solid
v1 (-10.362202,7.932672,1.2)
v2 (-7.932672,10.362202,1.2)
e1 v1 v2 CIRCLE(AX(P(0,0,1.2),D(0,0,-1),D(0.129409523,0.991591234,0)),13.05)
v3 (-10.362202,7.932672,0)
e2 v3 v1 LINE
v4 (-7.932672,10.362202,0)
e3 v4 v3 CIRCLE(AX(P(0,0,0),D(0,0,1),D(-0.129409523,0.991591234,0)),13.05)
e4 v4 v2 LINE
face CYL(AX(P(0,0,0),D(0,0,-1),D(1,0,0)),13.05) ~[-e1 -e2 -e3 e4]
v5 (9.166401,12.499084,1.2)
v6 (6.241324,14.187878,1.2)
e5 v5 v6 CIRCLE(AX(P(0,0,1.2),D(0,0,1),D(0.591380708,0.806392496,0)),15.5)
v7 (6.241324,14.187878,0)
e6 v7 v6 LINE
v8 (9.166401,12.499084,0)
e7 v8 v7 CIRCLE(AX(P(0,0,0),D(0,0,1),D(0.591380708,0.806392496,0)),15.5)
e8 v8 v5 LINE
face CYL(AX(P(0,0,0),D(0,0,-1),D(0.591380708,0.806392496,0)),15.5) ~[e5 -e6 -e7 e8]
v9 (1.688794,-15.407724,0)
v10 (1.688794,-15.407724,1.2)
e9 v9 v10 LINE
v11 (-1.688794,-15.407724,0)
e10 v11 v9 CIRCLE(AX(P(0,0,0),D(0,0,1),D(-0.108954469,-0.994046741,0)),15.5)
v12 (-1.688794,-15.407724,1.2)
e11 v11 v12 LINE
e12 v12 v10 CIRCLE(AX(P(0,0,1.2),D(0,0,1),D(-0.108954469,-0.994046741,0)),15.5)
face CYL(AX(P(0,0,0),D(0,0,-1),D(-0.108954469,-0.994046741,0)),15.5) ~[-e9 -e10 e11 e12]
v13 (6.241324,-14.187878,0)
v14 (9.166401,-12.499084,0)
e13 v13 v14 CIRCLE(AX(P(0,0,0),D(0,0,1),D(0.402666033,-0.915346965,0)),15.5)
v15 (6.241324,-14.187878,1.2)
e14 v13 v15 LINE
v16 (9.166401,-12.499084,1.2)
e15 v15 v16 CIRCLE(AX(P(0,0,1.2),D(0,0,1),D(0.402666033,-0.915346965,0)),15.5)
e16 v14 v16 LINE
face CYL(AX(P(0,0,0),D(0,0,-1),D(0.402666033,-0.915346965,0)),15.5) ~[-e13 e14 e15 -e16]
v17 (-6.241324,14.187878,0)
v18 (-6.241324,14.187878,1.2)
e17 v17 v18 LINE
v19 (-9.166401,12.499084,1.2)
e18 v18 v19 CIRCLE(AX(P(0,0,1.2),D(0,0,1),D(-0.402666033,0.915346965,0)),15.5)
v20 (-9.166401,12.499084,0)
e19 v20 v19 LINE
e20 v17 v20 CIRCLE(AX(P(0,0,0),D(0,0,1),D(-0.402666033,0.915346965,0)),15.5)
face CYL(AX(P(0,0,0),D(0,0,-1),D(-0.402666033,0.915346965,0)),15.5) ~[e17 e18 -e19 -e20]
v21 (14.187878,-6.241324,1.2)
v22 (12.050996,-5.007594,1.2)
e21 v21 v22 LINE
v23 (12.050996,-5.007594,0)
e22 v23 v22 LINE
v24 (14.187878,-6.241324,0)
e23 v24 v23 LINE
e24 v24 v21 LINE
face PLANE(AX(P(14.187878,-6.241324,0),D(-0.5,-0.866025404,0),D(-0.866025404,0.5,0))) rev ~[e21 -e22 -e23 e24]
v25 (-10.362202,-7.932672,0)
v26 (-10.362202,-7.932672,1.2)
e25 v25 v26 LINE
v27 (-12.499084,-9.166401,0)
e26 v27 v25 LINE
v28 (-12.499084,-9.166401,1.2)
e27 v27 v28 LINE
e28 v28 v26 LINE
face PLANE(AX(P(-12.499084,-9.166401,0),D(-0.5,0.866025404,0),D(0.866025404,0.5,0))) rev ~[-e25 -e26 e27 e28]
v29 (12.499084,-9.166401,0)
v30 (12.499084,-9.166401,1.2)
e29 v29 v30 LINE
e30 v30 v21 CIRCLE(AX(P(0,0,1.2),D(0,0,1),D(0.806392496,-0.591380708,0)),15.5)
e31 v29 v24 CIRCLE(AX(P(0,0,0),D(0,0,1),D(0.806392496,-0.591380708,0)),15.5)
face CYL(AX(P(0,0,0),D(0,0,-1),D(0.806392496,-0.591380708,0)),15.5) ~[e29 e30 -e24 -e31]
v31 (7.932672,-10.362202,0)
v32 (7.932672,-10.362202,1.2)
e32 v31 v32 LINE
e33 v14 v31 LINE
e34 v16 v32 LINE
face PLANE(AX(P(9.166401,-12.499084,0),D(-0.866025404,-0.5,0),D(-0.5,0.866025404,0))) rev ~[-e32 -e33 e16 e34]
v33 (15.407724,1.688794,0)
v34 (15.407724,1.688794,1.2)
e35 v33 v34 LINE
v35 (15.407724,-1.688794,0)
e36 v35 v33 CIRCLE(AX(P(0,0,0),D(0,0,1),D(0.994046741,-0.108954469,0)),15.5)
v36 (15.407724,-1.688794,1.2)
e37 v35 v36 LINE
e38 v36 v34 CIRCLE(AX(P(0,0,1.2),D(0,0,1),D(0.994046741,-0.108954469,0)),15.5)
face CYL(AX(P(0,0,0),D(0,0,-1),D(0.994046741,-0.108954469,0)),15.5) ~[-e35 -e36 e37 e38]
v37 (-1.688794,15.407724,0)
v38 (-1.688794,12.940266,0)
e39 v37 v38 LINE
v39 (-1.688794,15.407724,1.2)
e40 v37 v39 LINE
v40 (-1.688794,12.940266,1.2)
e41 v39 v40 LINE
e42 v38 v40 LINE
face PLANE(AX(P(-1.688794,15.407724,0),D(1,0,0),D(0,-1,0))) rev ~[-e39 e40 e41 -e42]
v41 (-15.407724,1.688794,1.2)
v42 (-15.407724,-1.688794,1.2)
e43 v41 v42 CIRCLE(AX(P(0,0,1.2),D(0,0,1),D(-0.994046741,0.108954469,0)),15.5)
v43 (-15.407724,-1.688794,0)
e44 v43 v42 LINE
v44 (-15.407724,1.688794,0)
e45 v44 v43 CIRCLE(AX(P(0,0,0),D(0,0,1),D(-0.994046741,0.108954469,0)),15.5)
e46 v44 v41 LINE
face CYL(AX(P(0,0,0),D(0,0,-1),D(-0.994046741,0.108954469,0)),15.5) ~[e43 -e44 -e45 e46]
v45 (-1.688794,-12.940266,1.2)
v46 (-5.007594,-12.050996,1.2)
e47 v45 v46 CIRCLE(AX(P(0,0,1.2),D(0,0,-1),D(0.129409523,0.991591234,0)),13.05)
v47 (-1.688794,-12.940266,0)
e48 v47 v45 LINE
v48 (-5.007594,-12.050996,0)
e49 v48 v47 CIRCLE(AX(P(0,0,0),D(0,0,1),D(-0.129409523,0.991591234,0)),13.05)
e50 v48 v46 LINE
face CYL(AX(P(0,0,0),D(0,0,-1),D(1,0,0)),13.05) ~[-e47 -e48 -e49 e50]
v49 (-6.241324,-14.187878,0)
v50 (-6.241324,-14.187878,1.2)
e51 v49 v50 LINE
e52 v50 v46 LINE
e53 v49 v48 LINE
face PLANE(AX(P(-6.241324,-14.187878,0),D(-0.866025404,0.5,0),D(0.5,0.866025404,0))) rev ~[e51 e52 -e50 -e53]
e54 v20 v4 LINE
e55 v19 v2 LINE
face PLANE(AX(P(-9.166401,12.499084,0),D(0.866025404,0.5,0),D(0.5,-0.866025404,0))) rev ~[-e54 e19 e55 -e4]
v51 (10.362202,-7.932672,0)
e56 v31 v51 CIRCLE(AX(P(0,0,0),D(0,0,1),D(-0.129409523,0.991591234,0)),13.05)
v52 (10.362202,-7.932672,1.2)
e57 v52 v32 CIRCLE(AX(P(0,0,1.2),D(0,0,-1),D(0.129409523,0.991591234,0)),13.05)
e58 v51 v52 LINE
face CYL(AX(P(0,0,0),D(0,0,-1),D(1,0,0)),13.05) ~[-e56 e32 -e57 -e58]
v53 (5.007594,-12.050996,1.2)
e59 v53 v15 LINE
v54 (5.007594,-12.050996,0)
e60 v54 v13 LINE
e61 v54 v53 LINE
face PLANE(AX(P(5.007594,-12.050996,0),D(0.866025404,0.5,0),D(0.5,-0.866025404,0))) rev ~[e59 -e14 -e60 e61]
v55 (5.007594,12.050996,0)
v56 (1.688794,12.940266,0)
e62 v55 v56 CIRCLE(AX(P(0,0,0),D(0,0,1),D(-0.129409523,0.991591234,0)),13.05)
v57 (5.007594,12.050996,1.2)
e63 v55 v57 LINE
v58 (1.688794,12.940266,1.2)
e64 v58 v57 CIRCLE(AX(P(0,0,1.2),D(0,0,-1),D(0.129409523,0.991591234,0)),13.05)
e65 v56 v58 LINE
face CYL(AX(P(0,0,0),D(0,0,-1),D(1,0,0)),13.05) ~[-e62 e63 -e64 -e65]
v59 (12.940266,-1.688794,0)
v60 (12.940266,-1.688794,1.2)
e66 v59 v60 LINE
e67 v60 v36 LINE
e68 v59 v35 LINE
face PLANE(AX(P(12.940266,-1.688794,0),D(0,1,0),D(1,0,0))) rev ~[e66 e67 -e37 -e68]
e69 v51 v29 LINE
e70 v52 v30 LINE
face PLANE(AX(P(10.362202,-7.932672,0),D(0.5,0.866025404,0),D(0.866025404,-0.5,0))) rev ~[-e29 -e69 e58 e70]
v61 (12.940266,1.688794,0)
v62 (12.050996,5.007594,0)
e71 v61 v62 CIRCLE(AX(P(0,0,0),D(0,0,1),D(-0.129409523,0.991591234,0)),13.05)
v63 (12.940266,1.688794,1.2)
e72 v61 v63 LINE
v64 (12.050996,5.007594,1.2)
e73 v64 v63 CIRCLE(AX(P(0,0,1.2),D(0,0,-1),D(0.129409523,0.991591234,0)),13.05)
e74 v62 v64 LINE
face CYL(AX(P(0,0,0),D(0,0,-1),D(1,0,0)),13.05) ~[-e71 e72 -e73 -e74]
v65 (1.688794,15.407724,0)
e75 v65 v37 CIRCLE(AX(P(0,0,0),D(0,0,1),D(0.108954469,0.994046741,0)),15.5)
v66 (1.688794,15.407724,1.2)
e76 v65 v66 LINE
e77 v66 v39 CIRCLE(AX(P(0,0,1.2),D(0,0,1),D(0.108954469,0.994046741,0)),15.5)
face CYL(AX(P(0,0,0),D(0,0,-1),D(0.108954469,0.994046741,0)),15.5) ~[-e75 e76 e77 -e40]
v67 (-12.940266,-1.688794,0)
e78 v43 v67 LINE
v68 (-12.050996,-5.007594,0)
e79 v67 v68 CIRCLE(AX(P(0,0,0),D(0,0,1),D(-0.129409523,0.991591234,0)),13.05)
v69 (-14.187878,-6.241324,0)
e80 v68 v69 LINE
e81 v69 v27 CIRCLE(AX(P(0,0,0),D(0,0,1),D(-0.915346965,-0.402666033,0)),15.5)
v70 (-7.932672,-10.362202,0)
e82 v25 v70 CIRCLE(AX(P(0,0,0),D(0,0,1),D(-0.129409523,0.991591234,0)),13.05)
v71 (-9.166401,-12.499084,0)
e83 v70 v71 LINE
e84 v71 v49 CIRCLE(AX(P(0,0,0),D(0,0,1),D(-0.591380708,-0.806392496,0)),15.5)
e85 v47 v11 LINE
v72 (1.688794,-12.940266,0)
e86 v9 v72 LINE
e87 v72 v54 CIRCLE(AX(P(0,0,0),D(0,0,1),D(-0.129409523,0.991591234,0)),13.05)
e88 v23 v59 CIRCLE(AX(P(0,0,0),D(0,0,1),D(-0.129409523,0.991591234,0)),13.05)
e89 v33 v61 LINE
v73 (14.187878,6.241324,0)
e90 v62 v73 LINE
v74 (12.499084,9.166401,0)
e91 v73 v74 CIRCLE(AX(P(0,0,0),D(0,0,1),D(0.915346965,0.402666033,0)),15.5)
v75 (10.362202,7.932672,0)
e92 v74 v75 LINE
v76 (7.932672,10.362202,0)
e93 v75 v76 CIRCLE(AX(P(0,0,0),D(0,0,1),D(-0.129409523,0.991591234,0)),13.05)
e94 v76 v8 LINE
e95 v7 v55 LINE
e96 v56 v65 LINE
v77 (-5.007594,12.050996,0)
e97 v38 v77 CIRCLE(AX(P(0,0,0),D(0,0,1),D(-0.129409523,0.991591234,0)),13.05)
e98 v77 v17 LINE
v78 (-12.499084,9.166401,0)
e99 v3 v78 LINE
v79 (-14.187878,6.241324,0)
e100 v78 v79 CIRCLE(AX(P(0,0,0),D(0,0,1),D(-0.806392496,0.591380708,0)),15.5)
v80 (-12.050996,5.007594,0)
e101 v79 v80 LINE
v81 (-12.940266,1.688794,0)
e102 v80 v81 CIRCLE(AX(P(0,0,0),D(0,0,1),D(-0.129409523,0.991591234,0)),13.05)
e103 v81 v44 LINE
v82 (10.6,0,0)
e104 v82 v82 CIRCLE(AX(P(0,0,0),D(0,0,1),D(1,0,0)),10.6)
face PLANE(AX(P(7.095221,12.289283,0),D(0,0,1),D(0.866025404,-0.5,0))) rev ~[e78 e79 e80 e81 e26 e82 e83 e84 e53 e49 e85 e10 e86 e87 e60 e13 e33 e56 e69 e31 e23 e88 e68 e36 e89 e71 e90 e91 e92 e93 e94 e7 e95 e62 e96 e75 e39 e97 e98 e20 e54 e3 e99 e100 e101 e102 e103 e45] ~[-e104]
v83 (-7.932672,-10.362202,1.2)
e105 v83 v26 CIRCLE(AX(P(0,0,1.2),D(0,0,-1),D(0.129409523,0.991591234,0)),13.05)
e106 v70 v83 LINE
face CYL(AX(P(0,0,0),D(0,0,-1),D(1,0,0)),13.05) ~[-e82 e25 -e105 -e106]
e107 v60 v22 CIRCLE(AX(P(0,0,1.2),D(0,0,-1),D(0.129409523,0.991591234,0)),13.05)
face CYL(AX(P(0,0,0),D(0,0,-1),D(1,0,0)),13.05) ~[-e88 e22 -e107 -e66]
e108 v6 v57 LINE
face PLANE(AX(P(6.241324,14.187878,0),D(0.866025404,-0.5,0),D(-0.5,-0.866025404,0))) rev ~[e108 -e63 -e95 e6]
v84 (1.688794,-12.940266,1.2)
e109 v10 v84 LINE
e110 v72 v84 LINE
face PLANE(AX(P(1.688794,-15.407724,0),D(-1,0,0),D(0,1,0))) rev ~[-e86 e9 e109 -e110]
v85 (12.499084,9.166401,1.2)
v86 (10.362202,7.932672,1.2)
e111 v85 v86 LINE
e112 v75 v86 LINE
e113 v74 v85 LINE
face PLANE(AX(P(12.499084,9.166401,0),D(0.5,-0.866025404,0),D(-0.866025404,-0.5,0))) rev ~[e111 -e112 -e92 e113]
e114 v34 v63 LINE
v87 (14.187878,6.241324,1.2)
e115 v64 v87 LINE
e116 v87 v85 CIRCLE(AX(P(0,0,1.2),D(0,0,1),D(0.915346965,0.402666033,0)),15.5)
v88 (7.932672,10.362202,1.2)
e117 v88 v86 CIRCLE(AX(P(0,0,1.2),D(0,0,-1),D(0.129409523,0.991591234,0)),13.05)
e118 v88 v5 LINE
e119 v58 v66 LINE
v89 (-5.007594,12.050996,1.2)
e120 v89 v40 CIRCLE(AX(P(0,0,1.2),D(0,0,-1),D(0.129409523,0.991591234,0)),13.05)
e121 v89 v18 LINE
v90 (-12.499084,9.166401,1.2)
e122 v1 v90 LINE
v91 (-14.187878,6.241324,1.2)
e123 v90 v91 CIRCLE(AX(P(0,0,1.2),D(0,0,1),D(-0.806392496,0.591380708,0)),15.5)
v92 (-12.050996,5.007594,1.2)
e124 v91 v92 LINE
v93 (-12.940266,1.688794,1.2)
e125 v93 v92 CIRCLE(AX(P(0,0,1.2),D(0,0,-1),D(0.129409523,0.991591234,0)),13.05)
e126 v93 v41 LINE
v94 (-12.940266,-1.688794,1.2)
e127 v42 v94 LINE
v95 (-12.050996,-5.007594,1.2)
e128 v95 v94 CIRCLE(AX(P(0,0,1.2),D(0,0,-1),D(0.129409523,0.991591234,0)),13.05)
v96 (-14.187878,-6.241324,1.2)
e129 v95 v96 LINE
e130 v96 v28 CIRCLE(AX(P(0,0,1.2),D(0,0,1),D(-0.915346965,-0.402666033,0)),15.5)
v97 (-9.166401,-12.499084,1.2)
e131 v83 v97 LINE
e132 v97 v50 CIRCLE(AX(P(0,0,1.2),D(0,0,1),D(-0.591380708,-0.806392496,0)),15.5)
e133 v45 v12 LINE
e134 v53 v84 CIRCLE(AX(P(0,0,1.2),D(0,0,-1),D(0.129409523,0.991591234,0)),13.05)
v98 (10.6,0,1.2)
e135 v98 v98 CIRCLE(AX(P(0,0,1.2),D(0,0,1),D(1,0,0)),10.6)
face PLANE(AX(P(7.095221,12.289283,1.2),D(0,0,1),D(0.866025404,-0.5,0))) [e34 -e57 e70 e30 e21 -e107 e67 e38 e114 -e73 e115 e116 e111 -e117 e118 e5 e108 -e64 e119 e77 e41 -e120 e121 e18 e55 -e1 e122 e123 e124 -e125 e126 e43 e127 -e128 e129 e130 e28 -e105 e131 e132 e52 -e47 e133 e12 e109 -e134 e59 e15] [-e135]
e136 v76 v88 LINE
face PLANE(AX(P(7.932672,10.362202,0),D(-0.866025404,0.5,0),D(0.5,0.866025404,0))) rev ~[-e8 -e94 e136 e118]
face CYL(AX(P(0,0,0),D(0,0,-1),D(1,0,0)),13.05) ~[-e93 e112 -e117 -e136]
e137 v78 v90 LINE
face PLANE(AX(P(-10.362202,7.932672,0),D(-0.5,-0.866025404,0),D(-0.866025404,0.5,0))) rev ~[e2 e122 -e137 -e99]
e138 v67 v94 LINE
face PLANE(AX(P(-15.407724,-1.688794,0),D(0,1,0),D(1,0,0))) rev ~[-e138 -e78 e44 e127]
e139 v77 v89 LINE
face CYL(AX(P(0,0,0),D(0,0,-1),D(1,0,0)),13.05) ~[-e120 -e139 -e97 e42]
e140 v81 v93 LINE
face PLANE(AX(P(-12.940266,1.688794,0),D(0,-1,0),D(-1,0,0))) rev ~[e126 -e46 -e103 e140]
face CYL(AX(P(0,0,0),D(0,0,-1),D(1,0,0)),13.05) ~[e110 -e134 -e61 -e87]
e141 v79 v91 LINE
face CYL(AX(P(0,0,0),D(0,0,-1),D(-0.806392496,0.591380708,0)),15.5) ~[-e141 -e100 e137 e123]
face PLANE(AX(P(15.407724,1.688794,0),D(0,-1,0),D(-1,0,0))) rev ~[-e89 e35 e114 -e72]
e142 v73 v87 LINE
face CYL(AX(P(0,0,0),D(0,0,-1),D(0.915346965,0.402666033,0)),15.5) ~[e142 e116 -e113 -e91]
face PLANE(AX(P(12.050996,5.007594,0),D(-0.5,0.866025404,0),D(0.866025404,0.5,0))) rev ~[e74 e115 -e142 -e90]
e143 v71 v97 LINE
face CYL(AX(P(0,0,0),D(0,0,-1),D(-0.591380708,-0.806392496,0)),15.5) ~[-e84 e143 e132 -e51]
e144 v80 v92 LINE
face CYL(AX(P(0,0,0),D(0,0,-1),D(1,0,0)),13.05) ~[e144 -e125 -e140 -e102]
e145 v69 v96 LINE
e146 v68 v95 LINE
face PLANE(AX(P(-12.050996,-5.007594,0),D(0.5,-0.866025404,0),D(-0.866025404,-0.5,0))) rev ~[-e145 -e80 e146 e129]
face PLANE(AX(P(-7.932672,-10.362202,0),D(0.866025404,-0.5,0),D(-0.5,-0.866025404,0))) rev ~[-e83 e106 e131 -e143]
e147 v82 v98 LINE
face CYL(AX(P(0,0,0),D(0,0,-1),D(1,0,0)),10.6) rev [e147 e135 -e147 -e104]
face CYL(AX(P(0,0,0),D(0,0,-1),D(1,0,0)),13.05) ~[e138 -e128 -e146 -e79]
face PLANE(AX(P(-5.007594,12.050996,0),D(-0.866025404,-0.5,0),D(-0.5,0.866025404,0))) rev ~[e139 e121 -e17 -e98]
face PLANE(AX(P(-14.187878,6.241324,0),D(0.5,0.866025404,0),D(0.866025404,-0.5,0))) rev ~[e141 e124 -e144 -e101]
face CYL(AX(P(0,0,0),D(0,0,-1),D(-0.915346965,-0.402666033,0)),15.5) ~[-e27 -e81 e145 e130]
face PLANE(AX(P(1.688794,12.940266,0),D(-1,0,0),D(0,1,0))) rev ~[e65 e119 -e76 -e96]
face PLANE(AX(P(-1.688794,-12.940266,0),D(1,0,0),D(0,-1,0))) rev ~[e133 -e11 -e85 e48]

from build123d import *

# Parameters (mm, degrees)
SKETCH1_R         = 13.05
SKETCH1_R_2       = 10.6
EXTRUDE1_DEPTH    = 1.2
EXTRUDE2_DEPTH    = 1.2
CIRPATTERN1_COUNT = 12


with BuildPart() as part:
    # Sketch1 → Extrude1 (new body)
    with BuildSketch(Plane.XY):
        Circle(SKETCH1_R)
        Circle(SKETCH1_R_2, mode=Mode.SUBTRACT)
    extrude(amount=EXTRUDE1_DEPTH)

    # Sketch2 → Extrude2 (add)
    with BuildSketch(Plane.XY):
        with BuildLine():
            Line((-1.688794269, 15.407724489), (-1.688794269, 12.940265605))
            Line((-1.688794269, 12.940265605), (1.688794269, 12.940265605))
            Line((1.688794269, 12.940265605), (1.688794269, 15.407724489))
            ThreePointArc((1.688794269, 15.407724489), (0, 15.5), (-1.688794269, 15.407724489))
        make_face()
    extrude2 = extrude(amount=EXTRUDE2_DEPTH)

    # CirPattern1: Extrude2 ×12 about axis
    cirpattern1_axis = Axis((0, 0, 0), (0, 0, 1))
    for i in range(1, CIRPATTERN1_COUNT):
        add(extrude2.rotate(cirpattern1_axis, i * 360 / CIRPATTERN1_COUNT))


solid = part.part
